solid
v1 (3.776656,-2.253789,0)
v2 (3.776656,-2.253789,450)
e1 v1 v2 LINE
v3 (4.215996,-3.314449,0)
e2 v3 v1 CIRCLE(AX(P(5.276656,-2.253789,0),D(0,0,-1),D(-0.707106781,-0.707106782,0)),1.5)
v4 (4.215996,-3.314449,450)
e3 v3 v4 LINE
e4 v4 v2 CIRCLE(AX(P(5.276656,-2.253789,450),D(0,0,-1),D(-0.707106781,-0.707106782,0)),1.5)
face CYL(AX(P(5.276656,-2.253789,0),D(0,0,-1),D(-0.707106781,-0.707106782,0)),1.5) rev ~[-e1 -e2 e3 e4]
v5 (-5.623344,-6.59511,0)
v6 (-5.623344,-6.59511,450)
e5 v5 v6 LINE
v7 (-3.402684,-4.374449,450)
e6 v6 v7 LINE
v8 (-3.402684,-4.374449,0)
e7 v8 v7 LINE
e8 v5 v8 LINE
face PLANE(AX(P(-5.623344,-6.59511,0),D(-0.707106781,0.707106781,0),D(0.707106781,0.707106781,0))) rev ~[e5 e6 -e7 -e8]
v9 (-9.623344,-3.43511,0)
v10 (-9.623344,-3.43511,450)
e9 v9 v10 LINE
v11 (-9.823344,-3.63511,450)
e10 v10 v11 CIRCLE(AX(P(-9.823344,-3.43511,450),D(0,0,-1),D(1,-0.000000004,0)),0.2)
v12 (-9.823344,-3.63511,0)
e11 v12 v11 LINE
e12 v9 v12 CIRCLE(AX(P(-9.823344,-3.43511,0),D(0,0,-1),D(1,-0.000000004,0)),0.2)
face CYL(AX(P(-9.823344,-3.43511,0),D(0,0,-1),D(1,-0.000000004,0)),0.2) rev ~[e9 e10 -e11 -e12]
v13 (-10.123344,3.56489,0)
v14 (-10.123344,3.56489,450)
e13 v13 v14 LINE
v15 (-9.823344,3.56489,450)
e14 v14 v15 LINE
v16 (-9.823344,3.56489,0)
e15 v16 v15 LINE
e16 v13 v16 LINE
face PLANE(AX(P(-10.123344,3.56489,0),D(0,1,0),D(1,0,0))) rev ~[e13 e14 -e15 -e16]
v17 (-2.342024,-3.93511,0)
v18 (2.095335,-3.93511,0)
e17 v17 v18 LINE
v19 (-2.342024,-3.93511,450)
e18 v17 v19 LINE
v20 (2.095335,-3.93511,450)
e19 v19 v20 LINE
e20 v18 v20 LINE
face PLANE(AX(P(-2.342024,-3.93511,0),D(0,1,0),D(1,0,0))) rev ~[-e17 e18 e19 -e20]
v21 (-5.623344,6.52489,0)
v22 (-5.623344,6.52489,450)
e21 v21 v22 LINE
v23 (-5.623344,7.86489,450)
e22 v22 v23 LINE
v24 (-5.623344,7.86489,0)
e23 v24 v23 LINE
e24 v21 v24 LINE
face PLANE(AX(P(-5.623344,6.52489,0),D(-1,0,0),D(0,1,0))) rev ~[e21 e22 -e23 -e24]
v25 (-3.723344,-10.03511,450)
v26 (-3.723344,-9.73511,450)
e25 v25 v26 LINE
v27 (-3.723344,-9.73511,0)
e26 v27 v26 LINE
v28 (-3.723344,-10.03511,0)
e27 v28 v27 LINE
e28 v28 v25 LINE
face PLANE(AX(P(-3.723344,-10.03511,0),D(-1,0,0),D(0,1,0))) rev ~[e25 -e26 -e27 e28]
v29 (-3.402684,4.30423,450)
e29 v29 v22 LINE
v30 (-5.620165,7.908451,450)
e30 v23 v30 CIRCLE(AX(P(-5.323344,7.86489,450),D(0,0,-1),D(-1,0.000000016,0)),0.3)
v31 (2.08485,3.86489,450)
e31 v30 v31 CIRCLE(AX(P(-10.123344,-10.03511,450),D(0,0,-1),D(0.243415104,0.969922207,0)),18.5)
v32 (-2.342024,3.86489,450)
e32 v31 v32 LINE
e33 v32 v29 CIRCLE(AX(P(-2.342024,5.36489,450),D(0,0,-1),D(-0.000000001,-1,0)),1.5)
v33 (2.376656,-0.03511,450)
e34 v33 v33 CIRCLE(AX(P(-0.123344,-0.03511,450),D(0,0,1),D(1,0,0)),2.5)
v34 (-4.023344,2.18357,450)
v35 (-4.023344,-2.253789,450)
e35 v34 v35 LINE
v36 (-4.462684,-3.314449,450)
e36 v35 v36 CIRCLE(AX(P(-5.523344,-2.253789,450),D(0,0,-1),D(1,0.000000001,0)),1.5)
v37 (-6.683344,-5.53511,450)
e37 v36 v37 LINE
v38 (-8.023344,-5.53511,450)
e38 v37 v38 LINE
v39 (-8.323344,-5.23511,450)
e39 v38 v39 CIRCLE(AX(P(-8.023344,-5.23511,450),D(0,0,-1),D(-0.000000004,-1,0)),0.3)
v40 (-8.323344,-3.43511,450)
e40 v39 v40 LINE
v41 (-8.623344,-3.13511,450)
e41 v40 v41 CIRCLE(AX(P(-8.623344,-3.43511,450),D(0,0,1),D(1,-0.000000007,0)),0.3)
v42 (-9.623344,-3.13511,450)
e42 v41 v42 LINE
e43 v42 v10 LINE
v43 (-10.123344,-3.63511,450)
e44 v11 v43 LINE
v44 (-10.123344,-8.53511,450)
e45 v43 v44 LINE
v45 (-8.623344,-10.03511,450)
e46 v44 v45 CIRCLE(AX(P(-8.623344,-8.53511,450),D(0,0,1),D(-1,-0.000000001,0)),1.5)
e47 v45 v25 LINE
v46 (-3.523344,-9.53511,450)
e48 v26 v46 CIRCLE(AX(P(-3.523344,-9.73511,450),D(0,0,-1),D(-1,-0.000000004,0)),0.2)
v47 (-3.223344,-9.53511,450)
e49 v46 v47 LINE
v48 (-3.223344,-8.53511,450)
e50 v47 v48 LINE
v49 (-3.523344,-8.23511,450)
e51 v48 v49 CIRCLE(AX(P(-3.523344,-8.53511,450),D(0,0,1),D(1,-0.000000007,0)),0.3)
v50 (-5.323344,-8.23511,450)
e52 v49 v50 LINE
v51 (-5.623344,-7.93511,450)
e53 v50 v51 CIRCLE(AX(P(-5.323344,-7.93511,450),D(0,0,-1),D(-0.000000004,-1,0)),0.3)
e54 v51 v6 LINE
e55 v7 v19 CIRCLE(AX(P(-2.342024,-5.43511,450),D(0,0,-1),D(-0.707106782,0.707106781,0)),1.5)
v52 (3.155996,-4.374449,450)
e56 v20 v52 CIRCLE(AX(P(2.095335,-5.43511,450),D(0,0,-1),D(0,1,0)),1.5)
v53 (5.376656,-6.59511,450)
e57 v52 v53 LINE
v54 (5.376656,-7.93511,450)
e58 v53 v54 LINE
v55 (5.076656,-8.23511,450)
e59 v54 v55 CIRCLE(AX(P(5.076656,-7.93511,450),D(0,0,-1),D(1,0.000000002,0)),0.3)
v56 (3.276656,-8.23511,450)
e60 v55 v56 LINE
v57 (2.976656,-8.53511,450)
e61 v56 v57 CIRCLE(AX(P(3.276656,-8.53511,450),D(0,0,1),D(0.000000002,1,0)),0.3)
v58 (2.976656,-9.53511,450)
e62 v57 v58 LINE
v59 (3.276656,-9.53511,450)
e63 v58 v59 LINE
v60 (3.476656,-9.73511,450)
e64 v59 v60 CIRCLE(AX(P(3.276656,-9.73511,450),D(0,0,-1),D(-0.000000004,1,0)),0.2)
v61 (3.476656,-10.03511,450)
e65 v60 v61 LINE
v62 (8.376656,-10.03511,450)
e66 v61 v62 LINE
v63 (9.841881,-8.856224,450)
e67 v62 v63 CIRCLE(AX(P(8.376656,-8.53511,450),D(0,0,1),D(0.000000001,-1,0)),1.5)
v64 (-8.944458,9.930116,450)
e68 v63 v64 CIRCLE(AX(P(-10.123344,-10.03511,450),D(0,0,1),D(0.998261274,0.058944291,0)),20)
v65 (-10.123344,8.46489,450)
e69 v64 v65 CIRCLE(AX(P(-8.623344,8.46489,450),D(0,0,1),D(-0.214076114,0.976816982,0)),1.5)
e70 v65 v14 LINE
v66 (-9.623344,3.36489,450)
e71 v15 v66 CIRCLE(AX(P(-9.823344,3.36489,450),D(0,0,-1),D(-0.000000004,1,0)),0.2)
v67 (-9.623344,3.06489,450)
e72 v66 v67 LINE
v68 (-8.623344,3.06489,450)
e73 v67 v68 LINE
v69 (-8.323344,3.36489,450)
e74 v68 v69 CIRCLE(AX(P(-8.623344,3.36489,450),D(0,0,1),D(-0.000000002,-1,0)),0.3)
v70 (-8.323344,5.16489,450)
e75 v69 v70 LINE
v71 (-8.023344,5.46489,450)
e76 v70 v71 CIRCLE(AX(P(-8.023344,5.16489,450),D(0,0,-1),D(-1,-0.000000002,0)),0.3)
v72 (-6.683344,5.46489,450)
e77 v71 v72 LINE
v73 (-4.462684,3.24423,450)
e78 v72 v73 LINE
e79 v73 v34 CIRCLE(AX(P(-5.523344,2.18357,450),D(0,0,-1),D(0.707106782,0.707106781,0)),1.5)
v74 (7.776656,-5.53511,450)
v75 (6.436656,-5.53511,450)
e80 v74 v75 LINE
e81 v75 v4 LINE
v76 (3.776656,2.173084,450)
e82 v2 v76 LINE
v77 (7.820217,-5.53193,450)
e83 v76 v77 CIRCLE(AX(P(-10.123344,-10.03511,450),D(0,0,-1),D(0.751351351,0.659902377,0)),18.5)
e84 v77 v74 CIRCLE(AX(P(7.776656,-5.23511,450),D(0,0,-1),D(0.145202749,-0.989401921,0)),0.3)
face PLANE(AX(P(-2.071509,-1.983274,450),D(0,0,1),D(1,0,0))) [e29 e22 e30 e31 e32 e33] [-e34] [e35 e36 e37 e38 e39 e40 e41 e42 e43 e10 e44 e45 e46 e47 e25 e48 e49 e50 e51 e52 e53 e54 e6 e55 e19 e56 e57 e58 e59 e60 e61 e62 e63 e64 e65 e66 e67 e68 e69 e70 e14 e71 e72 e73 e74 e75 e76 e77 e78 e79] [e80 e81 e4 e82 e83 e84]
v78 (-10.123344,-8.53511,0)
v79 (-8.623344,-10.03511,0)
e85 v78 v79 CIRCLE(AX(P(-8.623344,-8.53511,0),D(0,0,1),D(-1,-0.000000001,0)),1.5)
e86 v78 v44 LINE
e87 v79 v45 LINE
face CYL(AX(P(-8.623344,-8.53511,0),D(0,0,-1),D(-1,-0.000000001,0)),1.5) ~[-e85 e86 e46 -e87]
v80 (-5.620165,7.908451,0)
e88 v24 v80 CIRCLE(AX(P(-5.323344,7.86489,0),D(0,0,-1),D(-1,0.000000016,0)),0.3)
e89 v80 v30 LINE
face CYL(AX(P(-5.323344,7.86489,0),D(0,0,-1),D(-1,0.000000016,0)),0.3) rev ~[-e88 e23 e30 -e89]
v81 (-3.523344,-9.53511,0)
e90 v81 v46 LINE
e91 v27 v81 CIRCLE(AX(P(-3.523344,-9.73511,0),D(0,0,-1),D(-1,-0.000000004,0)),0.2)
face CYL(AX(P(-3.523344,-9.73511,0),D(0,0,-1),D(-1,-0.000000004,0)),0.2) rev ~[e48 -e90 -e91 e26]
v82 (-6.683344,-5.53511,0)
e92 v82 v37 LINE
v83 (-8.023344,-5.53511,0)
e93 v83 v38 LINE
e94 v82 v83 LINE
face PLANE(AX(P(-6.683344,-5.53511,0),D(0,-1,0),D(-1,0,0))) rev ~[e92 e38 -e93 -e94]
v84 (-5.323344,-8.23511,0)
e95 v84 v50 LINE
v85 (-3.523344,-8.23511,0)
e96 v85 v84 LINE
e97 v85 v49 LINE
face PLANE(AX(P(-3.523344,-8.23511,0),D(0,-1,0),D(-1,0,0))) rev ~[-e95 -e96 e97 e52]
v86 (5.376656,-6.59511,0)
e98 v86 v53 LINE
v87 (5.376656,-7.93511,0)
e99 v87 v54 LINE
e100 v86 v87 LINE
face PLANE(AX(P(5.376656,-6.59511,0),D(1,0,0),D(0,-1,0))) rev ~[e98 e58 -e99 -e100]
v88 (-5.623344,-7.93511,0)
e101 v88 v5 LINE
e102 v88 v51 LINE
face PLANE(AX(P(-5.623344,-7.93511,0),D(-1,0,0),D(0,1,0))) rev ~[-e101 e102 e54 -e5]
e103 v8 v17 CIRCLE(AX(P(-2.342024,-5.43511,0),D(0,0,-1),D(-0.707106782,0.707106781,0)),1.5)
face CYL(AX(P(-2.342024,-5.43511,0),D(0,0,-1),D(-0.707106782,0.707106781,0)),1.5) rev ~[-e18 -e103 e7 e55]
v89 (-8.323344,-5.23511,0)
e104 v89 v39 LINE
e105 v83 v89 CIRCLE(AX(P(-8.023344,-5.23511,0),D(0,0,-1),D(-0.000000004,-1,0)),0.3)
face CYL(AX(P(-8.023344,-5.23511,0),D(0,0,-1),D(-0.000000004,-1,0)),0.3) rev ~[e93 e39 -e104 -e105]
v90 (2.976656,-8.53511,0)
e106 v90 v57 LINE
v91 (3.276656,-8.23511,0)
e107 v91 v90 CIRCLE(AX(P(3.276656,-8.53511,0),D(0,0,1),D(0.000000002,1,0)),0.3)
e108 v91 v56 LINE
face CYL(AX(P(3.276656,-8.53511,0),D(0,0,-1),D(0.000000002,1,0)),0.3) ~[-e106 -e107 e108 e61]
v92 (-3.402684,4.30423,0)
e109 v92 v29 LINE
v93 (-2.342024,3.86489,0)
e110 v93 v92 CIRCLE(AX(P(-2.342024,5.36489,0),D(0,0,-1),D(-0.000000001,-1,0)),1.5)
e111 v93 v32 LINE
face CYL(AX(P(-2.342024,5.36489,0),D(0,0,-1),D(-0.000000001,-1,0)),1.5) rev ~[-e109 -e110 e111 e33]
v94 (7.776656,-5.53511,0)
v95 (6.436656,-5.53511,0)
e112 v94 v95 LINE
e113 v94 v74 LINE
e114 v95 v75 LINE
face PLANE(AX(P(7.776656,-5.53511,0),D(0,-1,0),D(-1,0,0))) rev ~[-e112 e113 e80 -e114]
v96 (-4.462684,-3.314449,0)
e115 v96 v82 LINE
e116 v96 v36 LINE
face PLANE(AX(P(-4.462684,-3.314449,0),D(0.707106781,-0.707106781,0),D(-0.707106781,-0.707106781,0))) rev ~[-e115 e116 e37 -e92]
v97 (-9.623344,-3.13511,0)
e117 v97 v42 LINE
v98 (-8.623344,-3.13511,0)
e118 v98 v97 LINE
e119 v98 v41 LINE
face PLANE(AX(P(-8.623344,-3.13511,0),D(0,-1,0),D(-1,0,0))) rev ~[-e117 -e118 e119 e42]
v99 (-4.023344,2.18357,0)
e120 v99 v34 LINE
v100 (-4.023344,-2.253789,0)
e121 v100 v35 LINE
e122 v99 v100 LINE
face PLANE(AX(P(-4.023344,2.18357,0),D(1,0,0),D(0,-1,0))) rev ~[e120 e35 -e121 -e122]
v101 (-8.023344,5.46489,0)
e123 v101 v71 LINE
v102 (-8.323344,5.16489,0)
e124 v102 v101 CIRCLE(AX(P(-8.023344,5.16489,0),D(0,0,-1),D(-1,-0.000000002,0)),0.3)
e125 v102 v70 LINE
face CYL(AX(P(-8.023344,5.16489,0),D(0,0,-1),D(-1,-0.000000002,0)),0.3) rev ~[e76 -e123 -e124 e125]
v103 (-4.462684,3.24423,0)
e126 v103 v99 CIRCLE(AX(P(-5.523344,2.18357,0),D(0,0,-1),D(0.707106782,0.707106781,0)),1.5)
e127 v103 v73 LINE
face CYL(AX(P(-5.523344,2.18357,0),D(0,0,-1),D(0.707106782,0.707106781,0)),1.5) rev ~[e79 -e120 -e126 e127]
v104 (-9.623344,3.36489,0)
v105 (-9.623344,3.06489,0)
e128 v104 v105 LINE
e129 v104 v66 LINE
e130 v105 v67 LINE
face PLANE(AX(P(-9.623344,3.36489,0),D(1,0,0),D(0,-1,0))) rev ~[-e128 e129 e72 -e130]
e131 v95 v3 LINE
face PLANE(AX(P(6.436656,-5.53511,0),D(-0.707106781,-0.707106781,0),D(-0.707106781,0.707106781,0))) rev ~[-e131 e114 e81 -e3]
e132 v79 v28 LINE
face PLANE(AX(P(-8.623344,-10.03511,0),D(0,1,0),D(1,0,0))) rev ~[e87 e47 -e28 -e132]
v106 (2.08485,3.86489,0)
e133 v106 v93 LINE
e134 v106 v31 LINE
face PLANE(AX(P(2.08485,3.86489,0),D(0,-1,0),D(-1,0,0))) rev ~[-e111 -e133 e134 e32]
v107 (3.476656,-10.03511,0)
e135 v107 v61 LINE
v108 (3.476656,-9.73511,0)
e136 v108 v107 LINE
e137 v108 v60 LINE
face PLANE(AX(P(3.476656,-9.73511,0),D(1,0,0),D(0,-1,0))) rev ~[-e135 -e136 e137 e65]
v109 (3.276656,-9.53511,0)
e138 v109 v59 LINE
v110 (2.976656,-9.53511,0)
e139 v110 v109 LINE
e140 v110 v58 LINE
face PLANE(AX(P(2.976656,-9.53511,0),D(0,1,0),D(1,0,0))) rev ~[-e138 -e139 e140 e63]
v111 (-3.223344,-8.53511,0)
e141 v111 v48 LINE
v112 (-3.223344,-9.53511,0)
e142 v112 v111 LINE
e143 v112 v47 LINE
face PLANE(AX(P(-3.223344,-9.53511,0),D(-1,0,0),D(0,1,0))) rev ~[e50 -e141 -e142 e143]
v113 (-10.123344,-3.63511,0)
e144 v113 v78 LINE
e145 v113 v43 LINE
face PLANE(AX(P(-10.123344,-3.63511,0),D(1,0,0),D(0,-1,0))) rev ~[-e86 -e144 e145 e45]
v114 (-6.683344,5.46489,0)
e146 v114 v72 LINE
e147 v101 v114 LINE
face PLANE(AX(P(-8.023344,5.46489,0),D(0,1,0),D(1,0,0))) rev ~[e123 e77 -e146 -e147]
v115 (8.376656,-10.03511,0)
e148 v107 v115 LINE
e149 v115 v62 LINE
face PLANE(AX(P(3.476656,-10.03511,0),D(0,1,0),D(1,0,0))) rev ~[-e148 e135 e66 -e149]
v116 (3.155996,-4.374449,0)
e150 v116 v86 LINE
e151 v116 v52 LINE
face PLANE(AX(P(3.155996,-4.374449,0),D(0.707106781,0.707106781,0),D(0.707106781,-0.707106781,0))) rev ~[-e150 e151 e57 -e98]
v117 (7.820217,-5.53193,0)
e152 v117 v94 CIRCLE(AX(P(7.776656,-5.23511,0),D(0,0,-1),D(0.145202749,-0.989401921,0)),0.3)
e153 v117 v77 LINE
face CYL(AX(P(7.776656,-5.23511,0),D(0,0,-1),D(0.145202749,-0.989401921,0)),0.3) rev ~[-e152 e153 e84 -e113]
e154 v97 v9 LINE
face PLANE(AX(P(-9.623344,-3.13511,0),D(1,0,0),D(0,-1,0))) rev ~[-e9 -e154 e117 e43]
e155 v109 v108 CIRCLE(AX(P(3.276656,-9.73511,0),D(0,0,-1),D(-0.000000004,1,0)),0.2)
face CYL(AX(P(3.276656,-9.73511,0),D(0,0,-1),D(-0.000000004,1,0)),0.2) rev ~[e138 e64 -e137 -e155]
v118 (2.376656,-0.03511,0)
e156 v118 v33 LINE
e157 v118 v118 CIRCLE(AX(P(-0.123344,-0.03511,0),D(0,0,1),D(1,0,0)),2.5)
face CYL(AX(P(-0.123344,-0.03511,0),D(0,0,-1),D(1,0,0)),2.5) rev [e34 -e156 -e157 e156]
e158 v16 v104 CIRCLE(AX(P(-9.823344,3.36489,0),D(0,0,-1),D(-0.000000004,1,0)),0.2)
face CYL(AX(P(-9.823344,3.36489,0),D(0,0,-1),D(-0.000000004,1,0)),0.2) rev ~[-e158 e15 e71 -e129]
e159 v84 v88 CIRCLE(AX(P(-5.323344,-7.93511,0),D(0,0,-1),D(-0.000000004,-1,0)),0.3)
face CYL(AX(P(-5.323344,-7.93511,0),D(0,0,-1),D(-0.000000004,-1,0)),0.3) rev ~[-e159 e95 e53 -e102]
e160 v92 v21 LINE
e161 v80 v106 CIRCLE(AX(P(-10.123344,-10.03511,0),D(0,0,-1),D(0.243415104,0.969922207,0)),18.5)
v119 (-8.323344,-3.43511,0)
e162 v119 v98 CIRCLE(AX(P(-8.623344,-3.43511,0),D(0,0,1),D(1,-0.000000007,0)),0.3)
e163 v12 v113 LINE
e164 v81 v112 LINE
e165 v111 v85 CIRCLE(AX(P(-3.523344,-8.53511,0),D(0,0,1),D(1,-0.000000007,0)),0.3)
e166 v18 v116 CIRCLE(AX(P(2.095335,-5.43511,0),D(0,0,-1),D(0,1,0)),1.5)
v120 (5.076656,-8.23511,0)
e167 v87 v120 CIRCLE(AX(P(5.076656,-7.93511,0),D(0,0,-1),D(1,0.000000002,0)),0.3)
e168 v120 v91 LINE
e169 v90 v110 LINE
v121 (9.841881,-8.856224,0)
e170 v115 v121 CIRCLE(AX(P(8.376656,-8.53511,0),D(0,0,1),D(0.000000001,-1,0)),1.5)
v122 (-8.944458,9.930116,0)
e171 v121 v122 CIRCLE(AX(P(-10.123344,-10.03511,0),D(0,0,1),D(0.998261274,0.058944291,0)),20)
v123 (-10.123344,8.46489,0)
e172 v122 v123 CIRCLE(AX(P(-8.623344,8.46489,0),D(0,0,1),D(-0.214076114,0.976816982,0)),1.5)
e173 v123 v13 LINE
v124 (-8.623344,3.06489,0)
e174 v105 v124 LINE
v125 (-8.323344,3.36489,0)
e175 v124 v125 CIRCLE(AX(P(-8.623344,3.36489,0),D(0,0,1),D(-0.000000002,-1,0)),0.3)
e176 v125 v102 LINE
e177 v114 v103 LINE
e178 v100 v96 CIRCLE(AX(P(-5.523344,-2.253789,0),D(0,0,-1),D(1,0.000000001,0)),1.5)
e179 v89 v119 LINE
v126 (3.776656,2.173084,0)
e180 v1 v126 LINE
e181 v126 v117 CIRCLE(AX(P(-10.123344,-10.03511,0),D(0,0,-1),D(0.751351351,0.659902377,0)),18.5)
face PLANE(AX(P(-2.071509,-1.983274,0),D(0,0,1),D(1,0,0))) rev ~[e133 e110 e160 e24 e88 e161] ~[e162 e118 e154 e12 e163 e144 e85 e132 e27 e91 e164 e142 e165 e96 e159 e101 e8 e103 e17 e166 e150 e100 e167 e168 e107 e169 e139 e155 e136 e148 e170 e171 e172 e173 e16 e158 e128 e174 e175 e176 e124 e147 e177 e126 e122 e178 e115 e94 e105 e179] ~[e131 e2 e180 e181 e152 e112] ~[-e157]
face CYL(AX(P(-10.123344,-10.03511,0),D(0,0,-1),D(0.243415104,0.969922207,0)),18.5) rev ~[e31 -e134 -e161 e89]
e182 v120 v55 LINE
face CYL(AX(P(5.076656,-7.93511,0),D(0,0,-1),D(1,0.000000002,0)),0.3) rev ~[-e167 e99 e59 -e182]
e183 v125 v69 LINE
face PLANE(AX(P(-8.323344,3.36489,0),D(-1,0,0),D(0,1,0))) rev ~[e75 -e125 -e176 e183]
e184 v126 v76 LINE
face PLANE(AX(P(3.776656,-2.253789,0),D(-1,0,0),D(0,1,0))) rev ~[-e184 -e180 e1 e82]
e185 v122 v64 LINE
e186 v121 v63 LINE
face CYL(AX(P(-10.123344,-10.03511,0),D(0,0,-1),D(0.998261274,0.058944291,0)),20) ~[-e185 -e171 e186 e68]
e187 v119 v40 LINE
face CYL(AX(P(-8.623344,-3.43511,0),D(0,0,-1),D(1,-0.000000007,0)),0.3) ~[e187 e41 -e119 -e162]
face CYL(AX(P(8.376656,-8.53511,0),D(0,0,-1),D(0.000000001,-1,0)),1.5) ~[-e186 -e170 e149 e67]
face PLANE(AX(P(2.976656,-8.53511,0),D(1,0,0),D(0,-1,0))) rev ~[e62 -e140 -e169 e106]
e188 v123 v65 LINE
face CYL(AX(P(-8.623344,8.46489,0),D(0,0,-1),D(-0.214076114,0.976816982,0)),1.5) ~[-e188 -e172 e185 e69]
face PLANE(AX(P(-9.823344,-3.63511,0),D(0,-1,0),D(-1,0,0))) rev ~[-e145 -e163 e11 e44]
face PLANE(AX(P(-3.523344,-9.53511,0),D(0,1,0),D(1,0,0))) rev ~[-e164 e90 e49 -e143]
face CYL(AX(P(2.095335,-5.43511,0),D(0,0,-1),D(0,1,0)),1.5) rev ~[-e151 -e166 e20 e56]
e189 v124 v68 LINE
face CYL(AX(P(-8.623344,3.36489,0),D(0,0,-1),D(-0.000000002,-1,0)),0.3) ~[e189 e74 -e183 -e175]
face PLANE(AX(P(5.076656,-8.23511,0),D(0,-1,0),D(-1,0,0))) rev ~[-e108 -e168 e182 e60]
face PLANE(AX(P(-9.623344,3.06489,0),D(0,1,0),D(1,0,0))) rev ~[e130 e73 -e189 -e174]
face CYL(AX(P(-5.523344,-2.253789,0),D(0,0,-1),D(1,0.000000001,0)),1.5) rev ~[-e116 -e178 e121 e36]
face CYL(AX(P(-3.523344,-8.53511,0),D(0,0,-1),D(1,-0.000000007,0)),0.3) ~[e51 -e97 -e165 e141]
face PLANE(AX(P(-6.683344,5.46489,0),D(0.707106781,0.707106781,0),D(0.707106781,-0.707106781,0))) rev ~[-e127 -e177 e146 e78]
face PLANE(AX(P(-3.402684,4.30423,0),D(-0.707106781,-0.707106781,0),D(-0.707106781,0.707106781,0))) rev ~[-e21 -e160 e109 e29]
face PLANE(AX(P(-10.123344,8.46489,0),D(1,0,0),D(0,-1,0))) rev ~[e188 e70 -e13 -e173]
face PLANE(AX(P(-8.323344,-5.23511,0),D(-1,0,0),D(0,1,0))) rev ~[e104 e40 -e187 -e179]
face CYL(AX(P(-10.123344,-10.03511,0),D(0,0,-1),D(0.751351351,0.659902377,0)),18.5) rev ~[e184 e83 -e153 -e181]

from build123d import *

# Parameters (mm, degrees)
SKETCH_1_R      = 2.5
EXTRUDE_1_DEPTH = 450


with BuildPart() as part:
    # 草图1 → 凸台-拉伸1 (new body)
    with BuildSketch(Plane.XY):
        with BuildLine():
            ThreePointArc((-8.944458369, 9.930115847), (-9.792033903, 9.405190523), (-10.123344197, 8.464890373))
            Line((-10.123344197, 8.464890373), (-10.123344197, 3.564890373))
            Line((-10.123344197, 3.564890373), (-9.823344197, 3.564890373))
            ThreePointArc((-9.823344197, 3.564890373), (-9.681922841, 3.50631173), (-9.623344197, 3.364890373))
            Line((-9.623344197, 3.364890373), (-9.623344197, 3.064890373))
            Line((-9.623344197, 3.064890373), (-8.623344197, 3.064890373))
            ThreePointArc((-8.623344197, 3.064890373), (-8.411212162, 3.152758339), (-8.323344197, 3.364890373))
            Line((-8.323344197, 3.364890373), (-8.323344197, 5.164890373))
            ThreePointArc((-8.323344197, 5.164890373), (-8.235476231, 5.377022408), (-8.023344197, 5.464890373))
            Line((-8.023344197, 5.464890373), (-6.683344197, 5.464890373))
            Line((-6.683344197, 5.464890373), (-4.462684025, 3.244230202))
            ThreePointArc((-4.462684025, 3.244230202), (-4.137524898, 2.757595178), (-4.023344197, 2.18357003))
            Line((-4.023344197, 2.18357003), (-4.023344197, -2.253789283))
            ThreePointArc((-4.023344197, -2.253789283), (-4.137524898, -2.827814432), (-4.462684025, -3.314449455))
            Line((-4.462684025, -3.314449455), (-6.683344197, -5.535109627))
            Line((-6.683344197, -5.535109627), (-8.023344197, -5.535109627))
            ThreePointArc((-8.023344197, -5.535109627), (-8.235476231, -5.447241661), (-8.323344197, -5.235109627))
            Line((-8.323344197, -5.235109627), (-8.323344197, -3.435109627))
            ThreePointArc((-8.323344197, -3.435109627), (-8.411212162, -3.222977592), (-8.623344197, -3.135109627))
            Line((-8.623344197, -3.135109627), (-9.623344197, -3.135109627))
            Line((-9.623344197, -3.135109627), (-9.623344197, -3.435109627))
            ThreePointArc((-9.623344197, -3.435109627), (-9.681922841, -3.576530983), (-9.823344197, -3.635109627))
            Line((-9.823344197, -3.635109627), (-10.123344197, -3.635109627))
            Line((-10.123344197, -3.635109627), (-10.123344197, -8.535109627))
            ThreePointArc((-10.123344197, -8.535109627), (-9.684004369, -9.595769798), (-8.623344197, -10.035109627))
            Line((-8.623344197, -10.035109627), (-3.723344197, -10.035109627))
            Line((-3.723344197, -10.035109627), (-3.723344197, -9.735109627))
            ThreePointArc((-3.723344197, -9.735109627), (-3.664765553, -9.59368827), (-3.523344197, -9.535109627))
            Line((-3.523344197, -9.535109627), (-3.223344197, -9.535109627))
            Line((-3.223344197, -9.535109627), (-3.223344197, -8.535109627))
            ThreePointArc((-3.223344197, -8.535109627), (-3.311212162, -8.322977592), (-3.523344197, -8.235109627))
            Line((-3.523344197, -8.235109627), (-5.323344197, -8.235109627))
            ThreePointArc((-5.323344197, -8.235109627), (-5.535476231, -8.147241661), (-5.623344197, -7.935109627))
            Line((-5.623344197, -7.935109627), (-5.623344197, -6.595109627))
            Line((-5.623344197, -6.595109627), (-3.402684025, -4.374449455))
            ThreePointArc((-3.402684025, -4.374449455), (-2.916049002, -4.049290328), (-2.342023853, -3.935109627))
            Line((-2.342023853, -3.935109627), (2.09533546, -3.935109627))
            ThreePointArc((2.09533546, -3.935109627), (2.669360608, -4.049290328), (3.155995631, -4.374449455))
            Line((3.155995631, -4.374449455), (5.376655803, -6.595109627))
            Line((5.376655803, -6.595109627), (5.376655803, -7.935109627))
            ThreePointArc((5.376655803, -7.935109627), (5.288787838, -8.147241661), (5.076655803, -8.235109627))
            Line((5.076655803, -8.235109627), (3.276655803, -8.235109627))
            ThreePointArc((3.276655803, -8.235109627), (3.064523769, -8.322977592), (2.976655803, -8.535109627))
            Line((2.976655803, -8.535109627), (2.976655803, -9.535109627))
            Line((2.976655803, -9.535109627), (3.276655803, -9.535109627))
            ThreePointArc((3.276655803, -9.535109627), (3.418077159, -9.59368827), (3.476655803, -9.735109627))
            Line((3.476655803, -9.735109627), (3.476655803, -10.035109627))
            Line((3.476655803, -10.035109627), (8.376655803, -10.035109627))
            ThreePointArc((8.376655803, -10.035109627), (9.316955952, -9.703799333), (9.841881277, -8.856223799))
            ThreePointArc((9.841881277, -8.856223799), (4.018791427, 4.107025997), (-8.944458369, 9.930115847))
        make_face()
        with BuildLine():
            ThreePointArc((7.820216628, -5.531930203), (7.798494154, -5.534313715), (7.776655803, -5.535109627))
            Line((7.776655803, -5.535109627), (6.436655803, -5.535109627))
            Line((6.436655803, -5.535109627), (4.215995631, -3.314449455))
            ThreePointArc((4.215995631, -3.314449455), (3.890836504, -2.827814432), (3.776655803, -2.253789283))
            Line((3.776655803, -2.253789283), (3.776655803, 2.173084343))
            ThreePointArc((3.776655803, 2.173084343), (6.257892136, -1.4383023), (7.820216628, -5.531930203))
        make_face(mode=Mode.SUBTRACT)
        with BuildLine():
            ThreePointArc((-5.620164773, 7.908451198), (-1.52653687, 6.346126706), (2.084849773, 3.864890373))
            Line((2.084849773, 3.864890373), (-2.342023853, 3.864890373))
            ThreePointArc((-2.342023853, 3.864890373), (-2.916049002, 3.979071075), (-3.402684025, 4.304230202))
            Line((-3.402684025, 4.304230202), (-5.623344197, 6.524890373))
            Line((-5.623344197, 6.524890373), (-5.623344197, 7.864890373))
            ThreePointArc((-5.623344197, 7.864890373), (-5.622548285, 7.886728724), (-5.620164773, 7.908451198))
        make_face(mode=Mode.SUBTRACT)
        with Locations((-0.123344197, -0.035109627)):
            Circle(SKETCH_1_R, mode=Mode.SUBTRACT)
    extrude(amount=EXTRUDE_1_DEPTH)


solid = part.part
